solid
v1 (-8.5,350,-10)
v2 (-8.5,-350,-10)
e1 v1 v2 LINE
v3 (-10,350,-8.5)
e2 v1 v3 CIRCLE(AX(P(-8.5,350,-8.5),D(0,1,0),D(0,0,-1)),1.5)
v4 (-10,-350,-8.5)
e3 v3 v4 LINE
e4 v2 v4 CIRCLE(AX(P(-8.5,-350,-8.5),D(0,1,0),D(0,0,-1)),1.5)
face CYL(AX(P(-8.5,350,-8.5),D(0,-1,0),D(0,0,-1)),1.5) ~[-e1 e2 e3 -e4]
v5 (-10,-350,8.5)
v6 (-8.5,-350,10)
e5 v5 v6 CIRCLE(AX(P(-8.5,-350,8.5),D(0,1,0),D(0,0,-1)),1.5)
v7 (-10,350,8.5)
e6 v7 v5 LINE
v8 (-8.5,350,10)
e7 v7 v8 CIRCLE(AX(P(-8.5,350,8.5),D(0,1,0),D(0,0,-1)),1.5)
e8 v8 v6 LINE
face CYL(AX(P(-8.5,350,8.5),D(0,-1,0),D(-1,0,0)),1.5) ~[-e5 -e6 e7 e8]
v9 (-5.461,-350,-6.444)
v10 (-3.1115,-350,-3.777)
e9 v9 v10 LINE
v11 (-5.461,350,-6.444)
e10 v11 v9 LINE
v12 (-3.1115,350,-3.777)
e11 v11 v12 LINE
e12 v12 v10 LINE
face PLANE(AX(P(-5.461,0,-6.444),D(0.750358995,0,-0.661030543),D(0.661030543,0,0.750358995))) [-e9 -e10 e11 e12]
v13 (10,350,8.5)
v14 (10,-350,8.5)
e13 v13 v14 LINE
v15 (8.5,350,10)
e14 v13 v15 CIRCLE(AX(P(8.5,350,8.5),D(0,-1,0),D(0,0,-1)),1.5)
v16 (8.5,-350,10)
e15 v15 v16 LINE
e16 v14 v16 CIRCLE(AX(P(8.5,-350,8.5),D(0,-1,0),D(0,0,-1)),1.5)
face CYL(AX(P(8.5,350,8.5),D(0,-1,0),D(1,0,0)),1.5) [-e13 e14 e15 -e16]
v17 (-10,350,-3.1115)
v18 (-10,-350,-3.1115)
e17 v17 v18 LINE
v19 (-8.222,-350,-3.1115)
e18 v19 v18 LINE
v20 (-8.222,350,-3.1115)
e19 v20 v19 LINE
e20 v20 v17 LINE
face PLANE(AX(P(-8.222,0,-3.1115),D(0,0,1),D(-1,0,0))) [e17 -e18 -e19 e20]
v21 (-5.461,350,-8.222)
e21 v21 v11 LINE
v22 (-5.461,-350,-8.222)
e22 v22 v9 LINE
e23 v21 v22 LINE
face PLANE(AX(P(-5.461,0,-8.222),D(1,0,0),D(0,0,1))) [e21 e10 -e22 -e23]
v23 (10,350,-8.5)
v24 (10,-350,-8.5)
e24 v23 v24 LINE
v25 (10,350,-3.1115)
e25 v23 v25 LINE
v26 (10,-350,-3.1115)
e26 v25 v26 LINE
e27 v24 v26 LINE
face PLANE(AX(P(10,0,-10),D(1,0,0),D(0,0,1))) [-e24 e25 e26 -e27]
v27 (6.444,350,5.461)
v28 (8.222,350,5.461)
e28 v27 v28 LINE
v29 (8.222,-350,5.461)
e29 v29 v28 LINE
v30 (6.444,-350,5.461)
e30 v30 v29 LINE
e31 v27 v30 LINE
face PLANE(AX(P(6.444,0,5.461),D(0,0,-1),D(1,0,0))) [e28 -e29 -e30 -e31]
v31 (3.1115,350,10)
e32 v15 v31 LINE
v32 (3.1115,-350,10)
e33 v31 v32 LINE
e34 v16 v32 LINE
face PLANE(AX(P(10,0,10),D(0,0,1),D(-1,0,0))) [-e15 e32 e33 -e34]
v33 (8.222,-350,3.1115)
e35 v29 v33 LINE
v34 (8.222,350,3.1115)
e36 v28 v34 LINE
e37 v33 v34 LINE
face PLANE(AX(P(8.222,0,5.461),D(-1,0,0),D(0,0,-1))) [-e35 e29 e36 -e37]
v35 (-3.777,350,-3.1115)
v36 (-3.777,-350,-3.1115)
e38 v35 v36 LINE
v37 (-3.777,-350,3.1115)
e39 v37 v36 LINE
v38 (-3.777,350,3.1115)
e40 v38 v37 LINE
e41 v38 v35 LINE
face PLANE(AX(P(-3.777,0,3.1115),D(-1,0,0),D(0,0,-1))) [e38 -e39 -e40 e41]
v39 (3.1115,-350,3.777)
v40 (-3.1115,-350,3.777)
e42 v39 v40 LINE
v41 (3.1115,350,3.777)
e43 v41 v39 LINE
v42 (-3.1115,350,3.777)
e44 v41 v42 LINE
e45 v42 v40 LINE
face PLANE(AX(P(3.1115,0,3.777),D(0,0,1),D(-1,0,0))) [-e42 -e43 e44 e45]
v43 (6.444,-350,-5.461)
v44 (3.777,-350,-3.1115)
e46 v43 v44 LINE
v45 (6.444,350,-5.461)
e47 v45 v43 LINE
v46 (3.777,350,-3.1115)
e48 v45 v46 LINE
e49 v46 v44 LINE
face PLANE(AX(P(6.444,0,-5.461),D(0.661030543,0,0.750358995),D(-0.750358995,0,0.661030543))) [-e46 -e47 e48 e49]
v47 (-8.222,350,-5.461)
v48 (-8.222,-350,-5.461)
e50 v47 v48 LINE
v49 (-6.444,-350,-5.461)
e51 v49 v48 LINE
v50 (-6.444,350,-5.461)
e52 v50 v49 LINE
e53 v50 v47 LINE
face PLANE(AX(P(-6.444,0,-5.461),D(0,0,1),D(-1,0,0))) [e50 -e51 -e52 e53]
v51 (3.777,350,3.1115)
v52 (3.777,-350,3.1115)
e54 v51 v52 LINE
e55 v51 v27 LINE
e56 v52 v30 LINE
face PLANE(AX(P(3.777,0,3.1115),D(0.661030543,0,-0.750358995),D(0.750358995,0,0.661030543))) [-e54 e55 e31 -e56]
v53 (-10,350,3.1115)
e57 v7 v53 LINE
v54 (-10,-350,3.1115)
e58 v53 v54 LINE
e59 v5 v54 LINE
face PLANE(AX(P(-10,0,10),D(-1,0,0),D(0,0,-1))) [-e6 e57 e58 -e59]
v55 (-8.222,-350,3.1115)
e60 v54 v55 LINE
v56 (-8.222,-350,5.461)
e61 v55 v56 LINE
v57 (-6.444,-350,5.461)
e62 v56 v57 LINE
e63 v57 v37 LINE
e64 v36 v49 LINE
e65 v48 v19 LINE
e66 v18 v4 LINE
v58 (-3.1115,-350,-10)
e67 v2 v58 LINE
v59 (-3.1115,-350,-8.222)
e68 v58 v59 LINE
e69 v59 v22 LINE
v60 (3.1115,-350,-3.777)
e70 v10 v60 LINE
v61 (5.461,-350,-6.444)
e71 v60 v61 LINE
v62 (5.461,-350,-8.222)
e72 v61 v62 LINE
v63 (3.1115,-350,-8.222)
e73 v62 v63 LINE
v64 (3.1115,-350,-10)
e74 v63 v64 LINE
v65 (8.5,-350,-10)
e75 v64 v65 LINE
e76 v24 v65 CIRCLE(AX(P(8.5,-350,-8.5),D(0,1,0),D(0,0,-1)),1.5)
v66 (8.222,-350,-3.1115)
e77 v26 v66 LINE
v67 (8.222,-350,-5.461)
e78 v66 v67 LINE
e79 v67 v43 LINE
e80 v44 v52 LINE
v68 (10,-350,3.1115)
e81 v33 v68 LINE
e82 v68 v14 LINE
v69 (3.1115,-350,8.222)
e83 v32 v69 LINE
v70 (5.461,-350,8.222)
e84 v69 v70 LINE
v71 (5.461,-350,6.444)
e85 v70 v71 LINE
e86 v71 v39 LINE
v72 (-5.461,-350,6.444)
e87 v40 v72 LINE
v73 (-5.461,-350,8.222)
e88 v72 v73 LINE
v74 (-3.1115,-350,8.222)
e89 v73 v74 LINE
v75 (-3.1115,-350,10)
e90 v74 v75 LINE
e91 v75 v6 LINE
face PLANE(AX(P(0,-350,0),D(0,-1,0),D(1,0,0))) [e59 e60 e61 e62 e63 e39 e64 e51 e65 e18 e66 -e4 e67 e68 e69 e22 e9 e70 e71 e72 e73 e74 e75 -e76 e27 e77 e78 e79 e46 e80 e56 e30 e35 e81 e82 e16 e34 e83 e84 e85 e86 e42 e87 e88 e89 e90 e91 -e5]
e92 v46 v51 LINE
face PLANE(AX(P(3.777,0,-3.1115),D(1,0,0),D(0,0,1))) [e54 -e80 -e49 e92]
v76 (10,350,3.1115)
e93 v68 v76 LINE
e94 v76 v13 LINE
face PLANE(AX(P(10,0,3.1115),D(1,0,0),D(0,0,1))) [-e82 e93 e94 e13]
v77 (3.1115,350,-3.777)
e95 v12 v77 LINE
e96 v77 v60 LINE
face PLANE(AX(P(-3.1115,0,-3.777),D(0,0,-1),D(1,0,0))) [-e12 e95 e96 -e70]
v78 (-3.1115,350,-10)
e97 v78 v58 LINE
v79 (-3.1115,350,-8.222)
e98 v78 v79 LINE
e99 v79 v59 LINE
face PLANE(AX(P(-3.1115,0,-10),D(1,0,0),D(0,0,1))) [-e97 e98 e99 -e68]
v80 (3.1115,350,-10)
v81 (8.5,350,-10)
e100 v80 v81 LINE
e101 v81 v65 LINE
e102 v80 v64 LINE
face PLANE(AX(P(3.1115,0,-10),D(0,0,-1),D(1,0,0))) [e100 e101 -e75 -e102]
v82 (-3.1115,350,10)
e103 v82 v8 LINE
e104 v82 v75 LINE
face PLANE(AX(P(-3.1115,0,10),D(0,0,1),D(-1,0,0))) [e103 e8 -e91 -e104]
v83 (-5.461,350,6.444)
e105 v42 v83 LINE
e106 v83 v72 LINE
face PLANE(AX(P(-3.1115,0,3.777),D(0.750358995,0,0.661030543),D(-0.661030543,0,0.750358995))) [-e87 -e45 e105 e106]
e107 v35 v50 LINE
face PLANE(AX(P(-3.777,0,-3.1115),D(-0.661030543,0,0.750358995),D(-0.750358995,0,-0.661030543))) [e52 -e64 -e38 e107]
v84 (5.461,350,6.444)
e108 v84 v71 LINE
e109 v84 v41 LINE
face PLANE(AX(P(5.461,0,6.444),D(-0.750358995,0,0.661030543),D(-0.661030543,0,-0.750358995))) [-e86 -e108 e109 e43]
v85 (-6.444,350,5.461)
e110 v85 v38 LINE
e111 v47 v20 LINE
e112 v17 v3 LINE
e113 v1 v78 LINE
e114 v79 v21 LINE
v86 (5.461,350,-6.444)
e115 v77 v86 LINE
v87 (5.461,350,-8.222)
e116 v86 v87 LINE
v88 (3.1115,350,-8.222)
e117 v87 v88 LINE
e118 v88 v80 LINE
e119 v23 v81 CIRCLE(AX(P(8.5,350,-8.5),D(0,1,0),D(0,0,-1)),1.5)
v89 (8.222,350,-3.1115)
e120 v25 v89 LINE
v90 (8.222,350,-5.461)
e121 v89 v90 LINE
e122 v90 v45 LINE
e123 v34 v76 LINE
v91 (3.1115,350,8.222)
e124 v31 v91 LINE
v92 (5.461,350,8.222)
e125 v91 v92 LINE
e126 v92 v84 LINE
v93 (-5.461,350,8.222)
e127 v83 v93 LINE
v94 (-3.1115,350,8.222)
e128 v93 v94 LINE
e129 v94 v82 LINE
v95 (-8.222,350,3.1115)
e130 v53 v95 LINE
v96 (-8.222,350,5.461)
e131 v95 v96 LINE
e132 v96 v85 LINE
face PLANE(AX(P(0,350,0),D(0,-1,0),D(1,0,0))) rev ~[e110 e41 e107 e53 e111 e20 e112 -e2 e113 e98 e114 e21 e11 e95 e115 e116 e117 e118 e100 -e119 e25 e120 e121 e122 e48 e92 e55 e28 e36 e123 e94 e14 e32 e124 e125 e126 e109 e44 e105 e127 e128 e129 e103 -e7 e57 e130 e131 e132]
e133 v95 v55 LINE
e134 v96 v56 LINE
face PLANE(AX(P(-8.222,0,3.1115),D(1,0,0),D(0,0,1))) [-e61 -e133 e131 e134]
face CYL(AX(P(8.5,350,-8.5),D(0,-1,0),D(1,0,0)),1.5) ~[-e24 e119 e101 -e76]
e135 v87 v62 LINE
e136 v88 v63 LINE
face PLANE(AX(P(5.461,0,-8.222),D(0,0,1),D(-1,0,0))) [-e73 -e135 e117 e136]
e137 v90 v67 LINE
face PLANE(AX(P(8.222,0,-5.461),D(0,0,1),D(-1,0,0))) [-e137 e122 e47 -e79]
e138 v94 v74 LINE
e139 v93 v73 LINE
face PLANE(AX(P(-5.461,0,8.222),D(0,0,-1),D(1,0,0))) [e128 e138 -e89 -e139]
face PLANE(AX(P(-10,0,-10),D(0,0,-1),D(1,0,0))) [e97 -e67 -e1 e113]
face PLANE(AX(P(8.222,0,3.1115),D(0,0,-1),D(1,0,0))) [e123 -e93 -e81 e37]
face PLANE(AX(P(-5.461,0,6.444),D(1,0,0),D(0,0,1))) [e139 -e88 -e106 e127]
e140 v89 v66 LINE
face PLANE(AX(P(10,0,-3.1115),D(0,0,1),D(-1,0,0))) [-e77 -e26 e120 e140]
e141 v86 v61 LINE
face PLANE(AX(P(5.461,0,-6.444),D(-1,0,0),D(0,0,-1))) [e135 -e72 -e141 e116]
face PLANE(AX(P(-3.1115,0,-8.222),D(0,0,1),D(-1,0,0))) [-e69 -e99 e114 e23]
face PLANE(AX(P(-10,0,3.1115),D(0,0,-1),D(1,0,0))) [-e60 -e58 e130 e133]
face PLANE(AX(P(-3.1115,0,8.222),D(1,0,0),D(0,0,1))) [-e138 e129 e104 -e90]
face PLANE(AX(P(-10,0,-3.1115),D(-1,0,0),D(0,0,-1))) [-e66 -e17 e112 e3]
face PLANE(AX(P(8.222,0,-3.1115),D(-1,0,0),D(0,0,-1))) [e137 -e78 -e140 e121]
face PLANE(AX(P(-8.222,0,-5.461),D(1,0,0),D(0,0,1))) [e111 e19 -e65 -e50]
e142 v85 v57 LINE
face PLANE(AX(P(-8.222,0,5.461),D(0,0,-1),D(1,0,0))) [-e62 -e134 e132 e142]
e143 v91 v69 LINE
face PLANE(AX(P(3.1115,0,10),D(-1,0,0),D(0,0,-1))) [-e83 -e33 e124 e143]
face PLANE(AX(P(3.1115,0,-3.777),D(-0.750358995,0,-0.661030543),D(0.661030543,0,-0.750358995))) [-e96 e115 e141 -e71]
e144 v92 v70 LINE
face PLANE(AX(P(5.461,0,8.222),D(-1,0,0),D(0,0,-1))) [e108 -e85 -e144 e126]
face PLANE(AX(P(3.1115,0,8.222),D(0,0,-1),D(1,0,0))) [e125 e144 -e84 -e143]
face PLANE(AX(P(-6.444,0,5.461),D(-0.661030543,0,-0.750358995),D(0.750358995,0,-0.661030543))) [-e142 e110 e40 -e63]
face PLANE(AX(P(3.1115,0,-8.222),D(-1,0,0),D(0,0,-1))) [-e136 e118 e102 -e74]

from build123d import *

# Parameters (mm, degrees)
F1_DEPTH = 350
F2_R     = 1.5


with BuildPart() as f1:
    # F0 (on Front) → F1 (new body, symmetric)
    with BuildSketch(Plane.XZ):
        Polygon((10, 3.1115), (10, 10), (3.1115, 10), (3.1115, 8.222), (5.461, 8.222), (5.461, 6.444), (3.1115, 3.777), (0, 3.777), (-3.1115, 3.777), (-5.461, 6.444), (-5.461, 8.222), (-3.1115, 8.222), (-3.1115, 10), (-10, 10), (-10, 3.1115), (-8.222, 3.1115), (-8.222, 5.461), (-6.444, 5.461), (-3.777, 3.1115), (-3.777, 0), (-3.777, -3.1115), (-6.444, -5.461), (-8.222, -5.461), (-8.222, -3.1115), (-10, -3.1115), (-10, -10), (-3.1115, -10), (-3.1115, -8.222), (-5.461, -8.222), (-5.461, -6.444), (-3.1115, -3.777), (0, -3.777), (3.1115, -3.777), (5.461, -6.444), (5.461, -8.222), (3.1115, -8.222), (3.1115, -10), (10, -10), (10, -3.1115), (8.222, -3.1115), (8.222, -5.461), (6.444, -5.461), (3.777, -3.1115), (3.777, 0), (3.777, 3.1115), (6.444, 5.461), (8.222, 5.461), (8.222, 3.1115), align=None)
    extrude(amount=F1_DEPTH, both=True)

    # F2
    f2_edges = [f1.edges().sort_by_distance(p)[0] for p in [
        (-10, 0, 10),
        (10, 0, 10),
        (10, 0, -10),
        (-10, 0, -10),
    ]]
    fillet(f2_edges, radius=F2_R)


solid = f1.part
